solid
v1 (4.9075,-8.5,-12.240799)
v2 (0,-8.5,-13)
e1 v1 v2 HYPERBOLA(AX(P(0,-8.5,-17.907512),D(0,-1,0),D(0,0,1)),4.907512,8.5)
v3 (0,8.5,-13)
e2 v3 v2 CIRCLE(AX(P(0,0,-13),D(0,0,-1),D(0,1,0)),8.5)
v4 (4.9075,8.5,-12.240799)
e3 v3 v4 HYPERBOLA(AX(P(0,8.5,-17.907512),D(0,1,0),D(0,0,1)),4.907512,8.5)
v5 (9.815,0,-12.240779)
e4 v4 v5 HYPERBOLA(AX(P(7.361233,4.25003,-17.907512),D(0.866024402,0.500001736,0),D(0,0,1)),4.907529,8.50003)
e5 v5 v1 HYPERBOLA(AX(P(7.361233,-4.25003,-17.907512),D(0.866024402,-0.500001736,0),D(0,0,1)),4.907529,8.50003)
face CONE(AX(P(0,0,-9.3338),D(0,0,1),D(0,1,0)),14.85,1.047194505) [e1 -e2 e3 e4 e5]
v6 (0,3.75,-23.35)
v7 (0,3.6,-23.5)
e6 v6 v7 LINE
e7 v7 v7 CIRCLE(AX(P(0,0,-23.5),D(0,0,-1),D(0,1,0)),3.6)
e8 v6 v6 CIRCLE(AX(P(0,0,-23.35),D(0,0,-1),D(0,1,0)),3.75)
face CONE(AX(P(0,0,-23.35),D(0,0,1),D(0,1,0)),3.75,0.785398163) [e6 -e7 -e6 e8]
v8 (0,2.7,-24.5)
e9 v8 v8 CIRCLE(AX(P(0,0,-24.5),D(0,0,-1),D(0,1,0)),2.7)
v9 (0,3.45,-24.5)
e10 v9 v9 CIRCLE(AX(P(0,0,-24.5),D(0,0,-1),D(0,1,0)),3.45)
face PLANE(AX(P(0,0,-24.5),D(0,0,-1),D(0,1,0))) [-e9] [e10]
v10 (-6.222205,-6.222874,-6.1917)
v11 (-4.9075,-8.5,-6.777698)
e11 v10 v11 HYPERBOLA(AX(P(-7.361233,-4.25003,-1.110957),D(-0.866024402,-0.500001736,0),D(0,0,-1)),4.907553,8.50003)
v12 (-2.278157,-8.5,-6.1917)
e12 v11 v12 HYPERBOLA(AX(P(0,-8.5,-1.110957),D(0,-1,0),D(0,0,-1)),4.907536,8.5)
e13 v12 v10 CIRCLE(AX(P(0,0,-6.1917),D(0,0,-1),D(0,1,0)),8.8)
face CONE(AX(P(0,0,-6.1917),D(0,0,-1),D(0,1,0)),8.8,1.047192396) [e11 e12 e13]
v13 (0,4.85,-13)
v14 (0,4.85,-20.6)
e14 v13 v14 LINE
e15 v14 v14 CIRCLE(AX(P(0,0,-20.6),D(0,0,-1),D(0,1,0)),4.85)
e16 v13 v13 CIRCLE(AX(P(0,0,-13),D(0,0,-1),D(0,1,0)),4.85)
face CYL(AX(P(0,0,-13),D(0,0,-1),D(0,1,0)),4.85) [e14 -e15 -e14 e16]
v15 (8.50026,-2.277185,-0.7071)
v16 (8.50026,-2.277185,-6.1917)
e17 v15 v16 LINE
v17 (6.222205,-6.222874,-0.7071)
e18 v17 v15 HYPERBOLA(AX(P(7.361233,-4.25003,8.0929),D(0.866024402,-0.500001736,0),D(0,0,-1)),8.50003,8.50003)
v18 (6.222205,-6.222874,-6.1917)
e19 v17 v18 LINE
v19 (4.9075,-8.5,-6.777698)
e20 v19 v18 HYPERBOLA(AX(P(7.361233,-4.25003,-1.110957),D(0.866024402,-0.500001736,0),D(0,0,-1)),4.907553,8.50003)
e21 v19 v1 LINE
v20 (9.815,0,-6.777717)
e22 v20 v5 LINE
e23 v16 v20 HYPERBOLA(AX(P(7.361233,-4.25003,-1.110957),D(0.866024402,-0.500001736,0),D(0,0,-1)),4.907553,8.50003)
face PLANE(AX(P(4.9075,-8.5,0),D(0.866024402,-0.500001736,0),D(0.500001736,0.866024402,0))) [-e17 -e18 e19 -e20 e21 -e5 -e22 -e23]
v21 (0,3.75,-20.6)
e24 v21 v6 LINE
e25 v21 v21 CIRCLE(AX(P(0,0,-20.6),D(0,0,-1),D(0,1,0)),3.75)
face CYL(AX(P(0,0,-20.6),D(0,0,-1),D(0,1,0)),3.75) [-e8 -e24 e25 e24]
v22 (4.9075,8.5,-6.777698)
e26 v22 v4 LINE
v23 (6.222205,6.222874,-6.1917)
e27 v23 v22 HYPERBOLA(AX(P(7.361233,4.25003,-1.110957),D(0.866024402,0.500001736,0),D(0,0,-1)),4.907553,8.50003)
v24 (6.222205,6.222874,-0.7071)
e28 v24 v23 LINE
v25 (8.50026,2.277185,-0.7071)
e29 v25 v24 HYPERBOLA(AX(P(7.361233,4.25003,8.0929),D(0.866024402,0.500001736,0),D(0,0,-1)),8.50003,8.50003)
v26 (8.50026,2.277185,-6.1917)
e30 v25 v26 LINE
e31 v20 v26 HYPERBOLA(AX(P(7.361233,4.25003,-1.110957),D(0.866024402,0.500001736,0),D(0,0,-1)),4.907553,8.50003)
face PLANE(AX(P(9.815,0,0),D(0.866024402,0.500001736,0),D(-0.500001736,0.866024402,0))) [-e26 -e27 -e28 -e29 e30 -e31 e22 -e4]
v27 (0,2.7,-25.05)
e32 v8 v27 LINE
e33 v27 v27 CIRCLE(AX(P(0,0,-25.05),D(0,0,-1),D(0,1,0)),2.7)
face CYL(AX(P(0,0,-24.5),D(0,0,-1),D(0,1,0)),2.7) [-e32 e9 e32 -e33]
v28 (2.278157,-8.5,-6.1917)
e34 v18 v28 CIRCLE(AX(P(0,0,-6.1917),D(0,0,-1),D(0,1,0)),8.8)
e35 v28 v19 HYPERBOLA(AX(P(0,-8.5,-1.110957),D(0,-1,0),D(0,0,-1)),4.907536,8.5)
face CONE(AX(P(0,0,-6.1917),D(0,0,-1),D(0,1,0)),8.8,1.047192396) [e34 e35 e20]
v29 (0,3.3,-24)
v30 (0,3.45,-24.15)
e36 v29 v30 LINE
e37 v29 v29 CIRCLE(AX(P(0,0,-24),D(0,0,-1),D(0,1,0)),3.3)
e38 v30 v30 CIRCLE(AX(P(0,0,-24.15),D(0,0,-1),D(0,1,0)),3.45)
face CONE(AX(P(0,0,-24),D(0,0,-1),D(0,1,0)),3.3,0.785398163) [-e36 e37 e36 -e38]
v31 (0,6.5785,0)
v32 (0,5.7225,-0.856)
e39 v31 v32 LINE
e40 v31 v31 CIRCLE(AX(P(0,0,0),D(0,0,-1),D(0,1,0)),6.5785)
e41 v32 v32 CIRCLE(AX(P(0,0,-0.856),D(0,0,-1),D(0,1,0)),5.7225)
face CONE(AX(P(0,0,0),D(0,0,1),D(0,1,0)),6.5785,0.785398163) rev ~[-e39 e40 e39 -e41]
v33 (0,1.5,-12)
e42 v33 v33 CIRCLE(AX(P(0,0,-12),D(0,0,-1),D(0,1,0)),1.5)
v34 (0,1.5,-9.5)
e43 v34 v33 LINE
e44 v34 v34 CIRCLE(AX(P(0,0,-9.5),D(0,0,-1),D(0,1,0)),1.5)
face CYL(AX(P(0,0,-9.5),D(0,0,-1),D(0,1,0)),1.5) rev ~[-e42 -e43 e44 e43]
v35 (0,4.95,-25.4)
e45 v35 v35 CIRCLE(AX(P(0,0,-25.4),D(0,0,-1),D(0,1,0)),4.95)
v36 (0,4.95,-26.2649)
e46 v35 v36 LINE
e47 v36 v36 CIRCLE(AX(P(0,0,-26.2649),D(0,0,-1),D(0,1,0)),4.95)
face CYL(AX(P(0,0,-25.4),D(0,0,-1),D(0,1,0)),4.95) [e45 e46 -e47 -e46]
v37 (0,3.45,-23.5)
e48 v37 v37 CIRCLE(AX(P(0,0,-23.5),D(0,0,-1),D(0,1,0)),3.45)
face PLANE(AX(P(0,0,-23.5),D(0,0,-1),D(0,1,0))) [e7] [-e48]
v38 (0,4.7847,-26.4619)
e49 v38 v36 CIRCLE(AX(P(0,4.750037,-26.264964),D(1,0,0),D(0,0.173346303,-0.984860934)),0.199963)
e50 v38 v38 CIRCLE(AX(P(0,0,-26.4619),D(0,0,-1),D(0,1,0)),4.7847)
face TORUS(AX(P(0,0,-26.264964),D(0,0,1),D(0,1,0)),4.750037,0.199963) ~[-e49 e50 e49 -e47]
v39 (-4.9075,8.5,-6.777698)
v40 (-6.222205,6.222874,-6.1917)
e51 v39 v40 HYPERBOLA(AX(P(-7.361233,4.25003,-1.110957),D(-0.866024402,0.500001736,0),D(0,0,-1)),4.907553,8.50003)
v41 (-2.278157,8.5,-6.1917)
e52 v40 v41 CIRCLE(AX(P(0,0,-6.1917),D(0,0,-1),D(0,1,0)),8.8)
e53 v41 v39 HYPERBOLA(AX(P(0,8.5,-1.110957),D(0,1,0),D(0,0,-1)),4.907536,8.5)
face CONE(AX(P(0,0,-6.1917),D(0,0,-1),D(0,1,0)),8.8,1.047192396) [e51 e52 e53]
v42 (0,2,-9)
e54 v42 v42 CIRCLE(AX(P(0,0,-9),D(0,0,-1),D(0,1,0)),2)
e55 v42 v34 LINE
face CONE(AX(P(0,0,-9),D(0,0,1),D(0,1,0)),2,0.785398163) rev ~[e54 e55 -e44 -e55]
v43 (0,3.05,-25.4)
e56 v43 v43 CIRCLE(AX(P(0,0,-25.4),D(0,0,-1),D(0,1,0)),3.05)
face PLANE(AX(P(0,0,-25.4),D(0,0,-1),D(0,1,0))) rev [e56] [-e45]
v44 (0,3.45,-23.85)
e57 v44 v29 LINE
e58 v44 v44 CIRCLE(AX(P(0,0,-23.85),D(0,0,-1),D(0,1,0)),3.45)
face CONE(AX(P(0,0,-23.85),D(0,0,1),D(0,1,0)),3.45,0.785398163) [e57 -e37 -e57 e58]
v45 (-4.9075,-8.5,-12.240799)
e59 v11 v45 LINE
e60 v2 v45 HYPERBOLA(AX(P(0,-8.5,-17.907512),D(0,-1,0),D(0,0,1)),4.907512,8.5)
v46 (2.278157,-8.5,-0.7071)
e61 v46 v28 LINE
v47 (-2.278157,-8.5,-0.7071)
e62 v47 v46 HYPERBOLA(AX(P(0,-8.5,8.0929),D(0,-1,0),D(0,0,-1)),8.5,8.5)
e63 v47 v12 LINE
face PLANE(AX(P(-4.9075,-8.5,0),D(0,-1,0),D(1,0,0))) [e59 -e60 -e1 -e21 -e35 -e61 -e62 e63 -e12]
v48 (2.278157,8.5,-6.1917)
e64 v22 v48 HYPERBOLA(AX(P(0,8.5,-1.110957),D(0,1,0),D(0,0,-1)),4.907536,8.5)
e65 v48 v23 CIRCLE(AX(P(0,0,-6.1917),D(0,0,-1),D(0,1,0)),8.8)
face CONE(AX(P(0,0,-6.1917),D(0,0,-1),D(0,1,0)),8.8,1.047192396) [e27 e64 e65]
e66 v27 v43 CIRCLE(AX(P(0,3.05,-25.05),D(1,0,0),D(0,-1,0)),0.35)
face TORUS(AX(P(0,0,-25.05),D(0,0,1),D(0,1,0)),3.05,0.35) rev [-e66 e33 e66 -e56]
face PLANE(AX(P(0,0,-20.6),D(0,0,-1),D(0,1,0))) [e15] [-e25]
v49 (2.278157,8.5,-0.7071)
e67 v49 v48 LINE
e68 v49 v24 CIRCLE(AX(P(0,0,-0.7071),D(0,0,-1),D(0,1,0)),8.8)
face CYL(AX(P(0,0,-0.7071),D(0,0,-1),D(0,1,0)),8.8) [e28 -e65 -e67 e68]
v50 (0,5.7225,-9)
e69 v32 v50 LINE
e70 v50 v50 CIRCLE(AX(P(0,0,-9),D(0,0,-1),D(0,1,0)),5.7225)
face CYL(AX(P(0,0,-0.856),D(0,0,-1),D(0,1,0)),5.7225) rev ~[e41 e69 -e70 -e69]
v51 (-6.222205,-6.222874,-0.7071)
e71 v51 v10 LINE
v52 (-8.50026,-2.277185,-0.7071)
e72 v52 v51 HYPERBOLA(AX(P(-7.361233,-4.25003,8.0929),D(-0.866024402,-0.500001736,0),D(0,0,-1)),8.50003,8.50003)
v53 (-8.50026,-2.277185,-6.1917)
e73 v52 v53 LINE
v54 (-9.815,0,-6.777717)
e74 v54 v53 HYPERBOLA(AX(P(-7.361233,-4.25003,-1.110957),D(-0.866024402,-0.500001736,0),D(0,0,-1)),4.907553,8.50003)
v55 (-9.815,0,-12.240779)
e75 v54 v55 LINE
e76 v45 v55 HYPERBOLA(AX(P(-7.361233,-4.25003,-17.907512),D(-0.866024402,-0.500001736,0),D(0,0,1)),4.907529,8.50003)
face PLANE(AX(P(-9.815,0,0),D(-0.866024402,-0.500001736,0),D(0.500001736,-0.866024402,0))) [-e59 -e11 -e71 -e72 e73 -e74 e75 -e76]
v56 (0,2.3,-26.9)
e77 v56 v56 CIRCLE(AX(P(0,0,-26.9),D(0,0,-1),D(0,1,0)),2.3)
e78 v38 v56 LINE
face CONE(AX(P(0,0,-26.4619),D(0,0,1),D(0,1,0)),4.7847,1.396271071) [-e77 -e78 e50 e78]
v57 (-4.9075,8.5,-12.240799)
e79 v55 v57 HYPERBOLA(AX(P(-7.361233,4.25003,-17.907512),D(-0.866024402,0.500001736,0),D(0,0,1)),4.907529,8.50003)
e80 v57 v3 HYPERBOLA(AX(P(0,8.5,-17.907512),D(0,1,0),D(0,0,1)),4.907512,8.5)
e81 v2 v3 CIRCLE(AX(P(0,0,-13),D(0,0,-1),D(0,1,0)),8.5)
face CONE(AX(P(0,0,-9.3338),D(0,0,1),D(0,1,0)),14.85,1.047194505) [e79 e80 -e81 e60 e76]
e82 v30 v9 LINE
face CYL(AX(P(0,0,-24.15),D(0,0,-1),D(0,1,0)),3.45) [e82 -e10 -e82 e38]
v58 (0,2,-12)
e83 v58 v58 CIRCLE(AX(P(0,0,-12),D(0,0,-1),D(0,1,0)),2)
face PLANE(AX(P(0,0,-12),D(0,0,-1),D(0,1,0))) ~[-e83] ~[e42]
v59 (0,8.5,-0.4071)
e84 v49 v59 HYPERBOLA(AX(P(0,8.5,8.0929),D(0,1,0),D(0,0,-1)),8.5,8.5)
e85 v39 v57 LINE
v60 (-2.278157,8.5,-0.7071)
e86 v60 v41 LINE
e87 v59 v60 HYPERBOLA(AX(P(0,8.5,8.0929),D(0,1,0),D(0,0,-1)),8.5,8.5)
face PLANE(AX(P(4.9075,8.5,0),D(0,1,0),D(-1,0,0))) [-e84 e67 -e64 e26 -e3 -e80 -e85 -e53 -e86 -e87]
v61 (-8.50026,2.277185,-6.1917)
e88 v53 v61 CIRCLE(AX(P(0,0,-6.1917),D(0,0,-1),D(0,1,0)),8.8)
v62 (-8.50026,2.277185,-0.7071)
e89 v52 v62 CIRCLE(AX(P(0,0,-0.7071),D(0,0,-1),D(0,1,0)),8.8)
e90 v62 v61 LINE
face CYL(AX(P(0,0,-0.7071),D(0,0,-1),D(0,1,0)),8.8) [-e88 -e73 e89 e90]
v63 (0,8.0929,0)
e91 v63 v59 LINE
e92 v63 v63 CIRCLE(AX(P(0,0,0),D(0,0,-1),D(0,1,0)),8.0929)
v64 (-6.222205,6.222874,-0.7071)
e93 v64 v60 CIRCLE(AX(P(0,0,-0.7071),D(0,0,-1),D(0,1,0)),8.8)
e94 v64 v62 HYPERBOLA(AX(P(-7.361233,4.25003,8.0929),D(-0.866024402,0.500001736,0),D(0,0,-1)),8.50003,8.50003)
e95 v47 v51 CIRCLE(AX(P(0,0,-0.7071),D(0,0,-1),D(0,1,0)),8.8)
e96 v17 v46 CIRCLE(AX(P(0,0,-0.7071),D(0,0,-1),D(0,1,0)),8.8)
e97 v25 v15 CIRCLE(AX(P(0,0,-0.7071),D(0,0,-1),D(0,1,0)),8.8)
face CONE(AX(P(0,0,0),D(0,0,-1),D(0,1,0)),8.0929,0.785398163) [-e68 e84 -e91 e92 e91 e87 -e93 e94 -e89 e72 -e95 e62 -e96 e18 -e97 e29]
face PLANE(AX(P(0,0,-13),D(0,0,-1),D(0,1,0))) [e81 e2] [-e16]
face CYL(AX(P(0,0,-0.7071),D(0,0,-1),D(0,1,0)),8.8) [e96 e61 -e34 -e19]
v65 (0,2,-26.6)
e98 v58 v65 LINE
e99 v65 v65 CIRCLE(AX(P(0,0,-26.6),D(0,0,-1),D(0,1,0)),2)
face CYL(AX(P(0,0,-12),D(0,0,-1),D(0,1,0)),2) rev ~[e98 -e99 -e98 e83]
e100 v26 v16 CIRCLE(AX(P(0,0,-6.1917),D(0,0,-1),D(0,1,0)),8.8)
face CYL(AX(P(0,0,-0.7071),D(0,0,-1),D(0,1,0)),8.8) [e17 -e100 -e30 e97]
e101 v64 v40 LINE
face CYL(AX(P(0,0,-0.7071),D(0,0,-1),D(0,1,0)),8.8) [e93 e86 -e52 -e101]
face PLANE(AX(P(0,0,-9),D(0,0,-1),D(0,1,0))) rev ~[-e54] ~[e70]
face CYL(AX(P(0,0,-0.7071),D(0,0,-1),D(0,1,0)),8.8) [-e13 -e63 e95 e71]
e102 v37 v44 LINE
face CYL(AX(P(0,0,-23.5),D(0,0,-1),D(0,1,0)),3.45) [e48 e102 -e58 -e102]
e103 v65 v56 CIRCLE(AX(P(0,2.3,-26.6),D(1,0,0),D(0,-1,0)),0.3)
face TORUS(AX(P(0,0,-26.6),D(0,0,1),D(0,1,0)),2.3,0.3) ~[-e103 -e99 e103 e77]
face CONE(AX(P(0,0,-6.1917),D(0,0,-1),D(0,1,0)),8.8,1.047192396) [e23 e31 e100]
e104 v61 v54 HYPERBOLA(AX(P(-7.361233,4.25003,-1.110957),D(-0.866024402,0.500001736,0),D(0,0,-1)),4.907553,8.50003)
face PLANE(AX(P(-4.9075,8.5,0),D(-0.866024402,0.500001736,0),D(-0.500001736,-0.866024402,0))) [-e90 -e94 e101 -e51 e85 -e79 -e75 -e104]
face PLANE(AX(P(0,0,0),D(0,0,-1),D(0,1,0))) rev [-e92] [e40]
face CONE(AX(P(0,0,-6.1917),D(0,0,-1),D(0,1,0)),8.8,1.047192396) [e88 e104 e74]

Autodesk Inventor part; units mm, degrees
sketch "Sketch_1" plane through (0, 0, 0) normal (1, 0, 0) x (0, 1, 0)
  line L0 (0, -26.9) -> (0, 0)
  line L1 (0, 0) -> (10.2, 0)
  line L2 (10.2, 0) -> (10.2, -20.6)
  line L3 (10.2, -20.6) -> (3.75, -20.6)
  line L4 (3.75, -20.6) -> (3.75, -23.35)
  line L5 (3.75, -23.35) -> (3.6, -23.5)
  line L6 (3.6, -23.5) -> (3.45, -23.5)
  line L7 (3.45, -23.5) -> (3.45, -23.85)
  line L8 (3.45, -23.85) -> (3.3, -24)
  line L9 (3.3, -24) -> (3.45, -24.15)
  line L10 (3.45, -24.15) -> (3.45, -24.5)
  line L11 (3.45, -24.5) -> (2.7, -24.5)
  line L12 (2.7, -24.5) -> (2.7, -25.05)
  arc A0 (2.7, -25.05) -> (3.05, -25.4) centre (3.05, -25.05) ccw
  line L13 (3.05, -25.4) -> (4.95, -25.4)
  line L14 (4.95, -25.4) -> (4.95, -26.2649)
  arc A1 (4.7847, -26.4619) -> (4.95, -26.2649) centre (4.75, -26.2649) ccw
  line L15 (4.7847, -26.4619) -> (2.3, -26.9)
  line L16 (2.3, -26.9) -> (0, -26.9)
  line L17 (0, -26.9) -> (0, 0)
revolve "Revolution1" add sketch "Sketch_1" angle 360 about axis through (0, 0, -26.9) along (0, 0, -1)
sketch "Sketch_2" plane through (0, 0, 0) normal (1, 0, 0) x (0, 1, 0)
  line L0 (0, -26.9) -> (0, 0)
  line L1 (0, 0) -> (6.5785, 0)
  line L2 (6.5785, 0) -> (5.7225, -0.856)
  line L3 (5.7225, -0.856) -> (5.7225, -9)
  line L4 (5.7225, -9) -> (2, -9)
  line L5 (2, -9) -> (1.5, -9.5)
  line L6 (1.5, -9.5) -> (1.5, -12)
  line L7 (1.5, -12) -> (2, -12)
  line L8 (2, -12) -> (2, -26.6)
  arc A0 (2, -26.6) -> (2.3, -26.9) centre (2.3, -26.6) ccw
  line L9 (2.3, -26.9) -> (0, -26.9)
  line L10 (0, -26.9) -> (0, 0)
revolve "Revolution2" cut sketch "Sketch_2" angle 360 about axis through (0, 0, -26.9) along (0, 0, -1)
thread "Thread1" size "G13.157x1.337" designation "G 1/4" standard "ISO Pipe Threads" full length
sketch "Sketch_3" plane through (0, 0, 0) normal (1, 0, 0) x (0, 1, 0)
  line L0 (0, -50) -> (0, 50)
  line L1 (8.5, 0) -> (10.2, -0.9815)
  line L2 (10.2, -0.9815) -> (10.2, -19.6185)
  line L3 (10.2, -19.6185) -> (8.5, -20.6)
  line L4 (8.5, -20.6) -> (13.5, -20.6)
  line L5 (13.5, -20.6) -> (13.5, 0)
  line L6 (13.5, 0) -> (8.5, 0)
revolve "Revolution3" cut sketch "Sketch_3" angle 360 about axis through (0, 0, -50) along (0, 0, -1)
sketch "Sketch_4" plane through (0, 0, 0) normal (0, 0, 1) x (1, 0, 0)
  line L0 (-17, -17) -> (17, -17)
  line L1 (17, -17) -> (17, 17)
  line L2 (17, 17) -> (-17, 17)
  line L3 (-17, 17) -> (-17, -17)
  line L4 (-9.815, 0) -> (-4.9075, -8.5)
  line L5 (-4.9075, -8.5) -> (4.9075, -8.5)
  line L6 (4.9075, -8.5) -> (9.815, 0)
  line L7 (9.815, 0) -> (4.9075, 8.5)
  line L8 (4.9075, 8.5) -> (-4.9075, 8.5)
  line L9 (-4.9075, 8.5) -> (-9.815, 0)
extrude "Extrusion1" cut sketch "Sketch_4" against normal blind 20.6
sketch "Sketch_5" plane through (0, 0, 0) normal (1, 0, 0) x (0, 1, 0)
  line L0 (0, -50) -> (0, 50)
  line L1 (8.0929, 0) -> (8.8, -0.7071)
  line L2 (8.8, -0.7071) -> (8.8, -6.1917)
  line L3 (8.8, -6.1917) -> (10.2, -7)
  line L4 (10.2, -7) -> (18.8, -7)
  line L5 (18.8, -7) -> (18.8, 0)
  line L6 (18.8, 0) -> (8.0929, 0)
revolve "Revolution4" cut sketch "Sketch_5" angle 360 about axis through (0, 0, -50) along (0, 0, -1)
sketch "Sketch_6" plane through (0, 0, 0) normal (1, 0, 0) x (0, 1, 0)
  line L0 (0, -50) -> (0, 50)
  line L1 (14.85, -9.3338) -> (8.5, -13)
  line L2 (8.5, -13) -> (4.85, -13)
  line L3 (4.85, -13) -> (4.85, -20.6)
  line L4 (4.85, -20.6) -> (14.85, -20.6)
  line L5 (14.85, -20.6) -> (14.85, -9.3338)
revolve "Revolution5" cut sketch "Sketch_6" angle 360 about axis through (0, 0, -50) along (0, 0, -1)
ref_plane "ANBAU_STD_XY" through (0, 0, 0) normal (0, 0, -1) x (1, 0, 0)
ref_plane "ANBAU_STD_YZ" through (0, 0, 0) normal (1, 0, 0) x (0, -1, 0)
ref_plane "ANBAU_STD_ZX" through (0, 0, 0) normal (0, -1, 0) x (0, 0, -1)
properties part number "190650 QSF-1/4-4-B"
